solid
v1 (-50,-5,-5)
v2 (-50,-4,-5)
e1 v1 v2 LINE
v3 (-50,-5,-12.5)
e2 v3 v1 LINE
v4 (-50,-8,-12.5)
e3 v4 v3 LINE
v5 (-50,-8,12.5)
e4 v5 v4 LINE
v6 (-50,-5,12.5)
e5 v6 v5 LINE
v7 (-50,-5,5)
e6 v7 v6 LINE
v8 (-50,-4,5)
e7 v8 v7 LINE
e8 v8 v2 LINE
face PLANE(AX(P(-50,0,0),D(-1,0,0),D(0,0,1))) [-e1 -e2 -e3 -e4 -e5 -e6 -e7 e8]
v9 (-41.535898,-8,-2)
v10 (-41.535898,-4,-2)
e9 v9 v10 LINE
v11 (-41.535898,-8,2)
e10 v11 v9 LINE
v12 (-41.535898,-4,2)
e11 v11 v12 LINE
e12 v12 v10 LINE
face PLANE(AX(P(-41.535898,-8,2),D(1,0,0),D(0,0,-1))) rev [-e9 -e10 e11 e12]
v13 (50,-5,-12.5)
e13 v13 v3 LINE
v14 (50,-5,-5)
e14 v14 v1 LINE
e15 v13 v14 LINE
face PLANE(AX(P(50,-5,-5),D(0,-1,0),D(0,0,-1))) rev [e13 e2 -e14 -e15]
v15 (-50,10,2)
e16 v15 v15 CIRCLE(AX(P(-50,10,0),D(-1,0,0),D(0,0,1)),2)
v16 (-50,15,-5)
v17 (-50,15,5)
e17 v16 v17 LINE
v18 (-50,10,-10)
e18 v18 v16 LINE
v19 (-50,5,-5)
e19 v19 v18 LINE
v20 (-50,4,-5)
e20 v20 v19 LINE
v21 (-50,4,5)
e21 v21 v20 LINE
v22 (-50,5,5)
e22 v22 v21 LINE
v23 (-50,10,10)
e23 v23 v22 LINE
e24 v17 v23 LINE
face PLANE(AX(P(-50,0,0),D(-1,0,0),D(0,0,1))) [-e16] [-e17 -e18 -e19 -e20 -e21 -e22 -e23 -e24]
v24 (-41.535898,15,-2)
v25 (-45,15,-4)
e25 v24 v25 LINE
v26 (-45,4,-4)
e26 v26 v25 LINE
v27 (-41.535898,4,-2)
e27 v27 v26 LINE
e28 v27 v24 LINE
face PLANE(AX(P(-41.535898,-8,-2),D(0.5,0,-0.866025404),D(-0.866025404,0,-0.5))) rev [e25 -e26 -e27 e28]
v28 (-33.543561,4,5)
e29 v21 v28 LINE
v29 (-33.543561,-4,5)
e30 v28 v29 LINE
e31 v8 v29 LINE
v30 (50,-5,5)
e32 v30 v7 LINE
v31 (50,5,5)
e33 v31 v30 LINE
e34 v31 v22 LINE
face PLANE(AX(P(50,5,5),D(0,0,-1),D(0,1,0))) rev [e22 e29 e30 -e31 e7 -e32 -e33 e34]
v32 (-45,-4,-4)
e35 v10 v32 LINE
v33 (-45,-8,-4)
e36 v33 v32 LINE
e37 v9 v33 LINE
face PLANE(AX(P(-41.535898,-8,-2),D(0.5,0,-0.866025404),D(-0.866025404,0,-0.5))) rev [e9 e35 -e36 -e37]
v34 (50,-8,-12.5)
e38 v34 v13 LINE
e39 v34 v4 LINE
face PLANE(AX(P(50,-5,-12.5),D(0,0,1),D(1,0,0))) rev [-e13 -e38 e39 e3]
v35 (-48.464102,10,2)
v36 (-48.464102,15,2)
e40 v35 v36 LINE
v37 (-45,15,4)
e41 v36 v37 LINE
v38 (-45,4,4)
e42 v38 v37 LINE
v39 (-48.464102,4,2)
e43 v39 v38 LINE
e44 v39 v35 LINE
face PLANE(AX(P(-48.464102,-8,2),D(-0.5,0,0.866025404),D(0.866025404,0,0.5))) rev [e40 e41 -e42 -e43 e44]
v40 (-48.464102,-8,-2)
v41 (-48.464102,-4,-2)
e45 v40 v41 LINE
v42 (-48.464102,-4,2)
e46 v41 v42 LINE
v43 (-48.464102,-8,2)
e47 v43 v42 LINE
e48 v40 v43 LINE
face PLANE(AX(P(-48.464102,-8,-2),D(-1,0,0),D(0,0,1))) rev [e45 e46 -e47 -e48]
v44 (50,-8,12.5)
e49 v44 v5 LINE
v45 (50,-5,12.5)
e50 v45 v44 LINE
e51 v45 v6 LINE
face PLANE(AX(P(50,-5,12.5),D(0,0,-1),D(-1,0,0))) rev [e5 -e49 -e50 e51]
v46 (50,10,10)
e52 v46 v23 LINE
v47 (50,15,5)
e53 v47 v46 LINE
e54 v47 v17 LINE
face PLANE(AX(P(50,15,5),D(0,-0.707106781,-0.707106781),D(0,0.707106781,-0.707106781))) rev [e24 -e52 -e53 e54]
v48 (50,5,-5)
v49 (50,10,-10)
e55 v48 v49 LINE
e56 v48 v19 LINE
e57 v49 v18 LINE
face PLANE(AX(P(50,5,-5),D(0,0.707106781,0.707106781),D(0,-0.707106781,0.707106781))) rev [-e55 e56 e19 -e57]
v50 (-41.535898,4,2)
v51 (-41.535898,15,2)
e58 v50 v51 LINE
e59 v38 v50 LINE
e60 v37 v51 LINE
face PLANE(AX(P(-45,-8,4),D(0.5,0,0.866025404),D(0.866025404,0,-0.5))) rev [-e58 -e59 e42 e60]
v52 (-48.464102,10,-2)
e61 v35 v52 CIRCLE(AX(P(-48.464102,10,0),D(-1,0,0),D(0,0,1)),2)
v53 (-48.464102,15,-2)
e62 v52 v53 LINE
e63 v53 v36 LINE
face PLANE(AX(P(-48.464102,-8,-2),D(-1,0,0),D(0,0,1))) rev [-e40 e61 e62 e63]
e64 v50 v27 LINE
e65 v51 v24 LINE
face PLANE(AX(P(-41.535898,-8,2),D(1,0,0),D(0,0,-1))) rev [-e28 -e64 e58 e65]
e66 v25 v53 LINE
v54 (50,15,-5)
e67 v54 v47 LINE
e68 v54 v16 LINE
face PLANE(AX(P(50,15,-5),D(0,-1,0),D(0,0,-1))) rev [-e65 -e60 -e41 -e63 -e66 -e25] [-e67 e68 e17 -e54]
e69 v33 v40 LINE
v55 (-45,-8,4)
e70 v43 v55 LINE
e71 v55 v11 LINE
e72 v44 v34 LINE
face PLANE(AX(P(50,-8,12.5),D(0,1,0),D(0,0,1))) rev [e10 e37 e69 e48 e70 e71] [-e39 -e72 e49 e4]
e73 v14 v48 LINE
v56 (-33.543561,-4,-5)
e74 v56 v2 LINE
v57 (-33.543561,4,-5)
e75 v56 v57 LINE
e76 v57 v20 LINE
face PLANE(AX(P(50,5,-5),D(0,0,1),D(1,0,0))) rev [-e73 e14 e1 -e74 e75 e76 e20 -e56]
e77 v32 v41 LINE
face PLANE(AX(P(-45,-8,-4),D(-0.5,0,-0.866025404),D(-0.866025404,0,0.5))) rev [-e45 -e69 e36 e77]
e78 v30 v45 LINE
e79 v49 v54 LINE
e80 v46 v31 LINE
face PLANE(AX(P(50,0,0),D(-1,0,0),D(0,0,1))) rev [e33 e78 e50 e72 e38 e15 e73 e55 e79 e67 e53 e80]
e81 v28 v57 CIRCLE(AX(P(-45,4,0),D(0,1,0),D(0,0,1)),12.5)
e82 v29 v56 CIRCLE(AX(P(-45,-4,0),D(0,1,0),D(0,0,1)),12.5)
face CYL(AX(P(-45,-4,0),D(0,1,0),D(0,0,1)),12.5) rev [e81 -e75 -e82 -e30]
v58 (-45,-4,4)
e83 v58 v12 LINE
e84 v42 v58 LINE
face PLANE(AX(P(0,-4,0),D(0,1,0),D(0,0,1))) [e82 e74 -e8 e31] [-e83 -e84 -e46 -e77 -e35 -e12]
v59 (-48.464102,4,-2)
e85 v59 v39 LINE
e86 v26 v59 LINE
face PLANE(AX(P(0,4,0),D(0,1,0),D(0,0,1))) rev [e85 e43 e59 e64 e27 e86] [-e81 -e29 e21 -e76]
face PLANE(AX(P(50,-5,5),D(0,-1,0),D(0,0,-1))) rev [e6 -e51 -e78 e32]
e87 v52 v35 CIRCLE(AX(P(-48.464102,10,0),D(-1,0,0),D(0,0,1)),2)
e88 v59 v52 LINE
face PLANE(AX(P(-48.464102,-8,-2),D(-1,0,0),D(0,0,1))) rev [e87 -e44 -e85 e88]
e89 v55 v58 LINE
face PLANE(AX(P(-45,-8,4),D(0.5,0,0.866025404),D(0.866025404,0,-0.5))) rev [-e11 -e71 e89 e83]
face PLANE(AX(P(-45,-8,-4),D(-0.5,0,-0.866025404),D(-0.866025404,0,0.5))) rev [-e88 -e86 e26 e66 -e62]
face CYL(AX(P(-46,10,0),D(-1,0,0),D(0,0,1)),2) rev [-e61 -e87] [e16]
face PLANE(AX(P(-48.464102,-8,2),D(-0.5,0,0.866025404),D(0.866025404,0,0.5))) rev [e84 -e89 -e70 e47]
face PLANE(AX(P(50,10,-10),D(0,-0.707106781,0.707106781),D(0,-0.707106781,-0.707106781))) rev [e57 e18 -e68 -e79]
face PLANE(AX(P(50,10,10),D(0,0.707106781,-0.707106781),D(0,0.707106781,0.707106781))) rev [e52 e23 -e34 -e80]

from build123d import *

# Parameters (mm, degrees)
BOSS_EXTRUDE1_DEPTH     = 50
SKETCH2_R               = 12.5
CUT_EXTRUDE1_DEPTH      = 4
CUT_EXTRUDE3_DEPTH      = 54.677276384
CUT_EXTRUDE3_DEPTH_BACK = 54.677276384
SKETCH6_R               = 2
CUT_EXTRUDE4_DEPTH      = 4


with BuildPart() as part:
    # Sketch1 → Boss-Extrude1 (new, symmetric)
    with BuildSketch(Plane(origin=(0, 0, 0), x_dir=(0, 0, -1), z_dir=(1, 0, 0))):
        Polygon((5, 5), (10, 10), (5, 15), (-5, 15), (-10, 10), (-5, 5), (-5, -5), (-12.5, -5), (-12.5, -8), (12.5, -8), (12.5, -5), (5, -5), align=None)
    extrude(amount=BOSS_EXTRUDE1_DEPTH, both=True)

    # Sketch2 → Cut-Extrude1 (cut, symmetric)
    with BuildSketch(Plane(origin=(0, 0, 0), x_dir=(1, 0, 0), z_dir=(0, 1, 0))):
        with Locations((-45, 0)):
            Circle(SKETCH2_R)
    extrude(amount=CUT_EXTRUDE1_DEPTH, both=True, mode=Mode.SUBTRACT)

    # Sketch4 → Cut-Extrude3 (cut, two sides: drawn at the far end of the back side and taken through both)
    with BuildSketch(Plane(origin=(0, 0, 0), x_dir=(1, 0, 0), z_dir=(0, 1, 0)).offset(-CUT_EXTRUDE3_DEPTH_BACK)):
        Polygon((-45, -4), (-41.535898385, -2), (-41.535898385, 2), (-45, 4), (-48.464101615, 2), (-48.464101615, -2), align=None)
    extrude(amount=CUT_EXTRUDE3_DEPTH + CUT_EXTRUDE3_DEPTH_BACK, mode=Mode.SUBTRACT)

    # Sketch6 → Cut-Extrude4 (cut)
    with BuildSketch(Plane.ZY.offset(50)):
        with Locations((0, 10)):
            Circle(SKETCH6_R)
    extrude(amount=-CUT_EXTRUDE4_DEPTH, mode=Mode.SUBTRACT)


solid = part.part
